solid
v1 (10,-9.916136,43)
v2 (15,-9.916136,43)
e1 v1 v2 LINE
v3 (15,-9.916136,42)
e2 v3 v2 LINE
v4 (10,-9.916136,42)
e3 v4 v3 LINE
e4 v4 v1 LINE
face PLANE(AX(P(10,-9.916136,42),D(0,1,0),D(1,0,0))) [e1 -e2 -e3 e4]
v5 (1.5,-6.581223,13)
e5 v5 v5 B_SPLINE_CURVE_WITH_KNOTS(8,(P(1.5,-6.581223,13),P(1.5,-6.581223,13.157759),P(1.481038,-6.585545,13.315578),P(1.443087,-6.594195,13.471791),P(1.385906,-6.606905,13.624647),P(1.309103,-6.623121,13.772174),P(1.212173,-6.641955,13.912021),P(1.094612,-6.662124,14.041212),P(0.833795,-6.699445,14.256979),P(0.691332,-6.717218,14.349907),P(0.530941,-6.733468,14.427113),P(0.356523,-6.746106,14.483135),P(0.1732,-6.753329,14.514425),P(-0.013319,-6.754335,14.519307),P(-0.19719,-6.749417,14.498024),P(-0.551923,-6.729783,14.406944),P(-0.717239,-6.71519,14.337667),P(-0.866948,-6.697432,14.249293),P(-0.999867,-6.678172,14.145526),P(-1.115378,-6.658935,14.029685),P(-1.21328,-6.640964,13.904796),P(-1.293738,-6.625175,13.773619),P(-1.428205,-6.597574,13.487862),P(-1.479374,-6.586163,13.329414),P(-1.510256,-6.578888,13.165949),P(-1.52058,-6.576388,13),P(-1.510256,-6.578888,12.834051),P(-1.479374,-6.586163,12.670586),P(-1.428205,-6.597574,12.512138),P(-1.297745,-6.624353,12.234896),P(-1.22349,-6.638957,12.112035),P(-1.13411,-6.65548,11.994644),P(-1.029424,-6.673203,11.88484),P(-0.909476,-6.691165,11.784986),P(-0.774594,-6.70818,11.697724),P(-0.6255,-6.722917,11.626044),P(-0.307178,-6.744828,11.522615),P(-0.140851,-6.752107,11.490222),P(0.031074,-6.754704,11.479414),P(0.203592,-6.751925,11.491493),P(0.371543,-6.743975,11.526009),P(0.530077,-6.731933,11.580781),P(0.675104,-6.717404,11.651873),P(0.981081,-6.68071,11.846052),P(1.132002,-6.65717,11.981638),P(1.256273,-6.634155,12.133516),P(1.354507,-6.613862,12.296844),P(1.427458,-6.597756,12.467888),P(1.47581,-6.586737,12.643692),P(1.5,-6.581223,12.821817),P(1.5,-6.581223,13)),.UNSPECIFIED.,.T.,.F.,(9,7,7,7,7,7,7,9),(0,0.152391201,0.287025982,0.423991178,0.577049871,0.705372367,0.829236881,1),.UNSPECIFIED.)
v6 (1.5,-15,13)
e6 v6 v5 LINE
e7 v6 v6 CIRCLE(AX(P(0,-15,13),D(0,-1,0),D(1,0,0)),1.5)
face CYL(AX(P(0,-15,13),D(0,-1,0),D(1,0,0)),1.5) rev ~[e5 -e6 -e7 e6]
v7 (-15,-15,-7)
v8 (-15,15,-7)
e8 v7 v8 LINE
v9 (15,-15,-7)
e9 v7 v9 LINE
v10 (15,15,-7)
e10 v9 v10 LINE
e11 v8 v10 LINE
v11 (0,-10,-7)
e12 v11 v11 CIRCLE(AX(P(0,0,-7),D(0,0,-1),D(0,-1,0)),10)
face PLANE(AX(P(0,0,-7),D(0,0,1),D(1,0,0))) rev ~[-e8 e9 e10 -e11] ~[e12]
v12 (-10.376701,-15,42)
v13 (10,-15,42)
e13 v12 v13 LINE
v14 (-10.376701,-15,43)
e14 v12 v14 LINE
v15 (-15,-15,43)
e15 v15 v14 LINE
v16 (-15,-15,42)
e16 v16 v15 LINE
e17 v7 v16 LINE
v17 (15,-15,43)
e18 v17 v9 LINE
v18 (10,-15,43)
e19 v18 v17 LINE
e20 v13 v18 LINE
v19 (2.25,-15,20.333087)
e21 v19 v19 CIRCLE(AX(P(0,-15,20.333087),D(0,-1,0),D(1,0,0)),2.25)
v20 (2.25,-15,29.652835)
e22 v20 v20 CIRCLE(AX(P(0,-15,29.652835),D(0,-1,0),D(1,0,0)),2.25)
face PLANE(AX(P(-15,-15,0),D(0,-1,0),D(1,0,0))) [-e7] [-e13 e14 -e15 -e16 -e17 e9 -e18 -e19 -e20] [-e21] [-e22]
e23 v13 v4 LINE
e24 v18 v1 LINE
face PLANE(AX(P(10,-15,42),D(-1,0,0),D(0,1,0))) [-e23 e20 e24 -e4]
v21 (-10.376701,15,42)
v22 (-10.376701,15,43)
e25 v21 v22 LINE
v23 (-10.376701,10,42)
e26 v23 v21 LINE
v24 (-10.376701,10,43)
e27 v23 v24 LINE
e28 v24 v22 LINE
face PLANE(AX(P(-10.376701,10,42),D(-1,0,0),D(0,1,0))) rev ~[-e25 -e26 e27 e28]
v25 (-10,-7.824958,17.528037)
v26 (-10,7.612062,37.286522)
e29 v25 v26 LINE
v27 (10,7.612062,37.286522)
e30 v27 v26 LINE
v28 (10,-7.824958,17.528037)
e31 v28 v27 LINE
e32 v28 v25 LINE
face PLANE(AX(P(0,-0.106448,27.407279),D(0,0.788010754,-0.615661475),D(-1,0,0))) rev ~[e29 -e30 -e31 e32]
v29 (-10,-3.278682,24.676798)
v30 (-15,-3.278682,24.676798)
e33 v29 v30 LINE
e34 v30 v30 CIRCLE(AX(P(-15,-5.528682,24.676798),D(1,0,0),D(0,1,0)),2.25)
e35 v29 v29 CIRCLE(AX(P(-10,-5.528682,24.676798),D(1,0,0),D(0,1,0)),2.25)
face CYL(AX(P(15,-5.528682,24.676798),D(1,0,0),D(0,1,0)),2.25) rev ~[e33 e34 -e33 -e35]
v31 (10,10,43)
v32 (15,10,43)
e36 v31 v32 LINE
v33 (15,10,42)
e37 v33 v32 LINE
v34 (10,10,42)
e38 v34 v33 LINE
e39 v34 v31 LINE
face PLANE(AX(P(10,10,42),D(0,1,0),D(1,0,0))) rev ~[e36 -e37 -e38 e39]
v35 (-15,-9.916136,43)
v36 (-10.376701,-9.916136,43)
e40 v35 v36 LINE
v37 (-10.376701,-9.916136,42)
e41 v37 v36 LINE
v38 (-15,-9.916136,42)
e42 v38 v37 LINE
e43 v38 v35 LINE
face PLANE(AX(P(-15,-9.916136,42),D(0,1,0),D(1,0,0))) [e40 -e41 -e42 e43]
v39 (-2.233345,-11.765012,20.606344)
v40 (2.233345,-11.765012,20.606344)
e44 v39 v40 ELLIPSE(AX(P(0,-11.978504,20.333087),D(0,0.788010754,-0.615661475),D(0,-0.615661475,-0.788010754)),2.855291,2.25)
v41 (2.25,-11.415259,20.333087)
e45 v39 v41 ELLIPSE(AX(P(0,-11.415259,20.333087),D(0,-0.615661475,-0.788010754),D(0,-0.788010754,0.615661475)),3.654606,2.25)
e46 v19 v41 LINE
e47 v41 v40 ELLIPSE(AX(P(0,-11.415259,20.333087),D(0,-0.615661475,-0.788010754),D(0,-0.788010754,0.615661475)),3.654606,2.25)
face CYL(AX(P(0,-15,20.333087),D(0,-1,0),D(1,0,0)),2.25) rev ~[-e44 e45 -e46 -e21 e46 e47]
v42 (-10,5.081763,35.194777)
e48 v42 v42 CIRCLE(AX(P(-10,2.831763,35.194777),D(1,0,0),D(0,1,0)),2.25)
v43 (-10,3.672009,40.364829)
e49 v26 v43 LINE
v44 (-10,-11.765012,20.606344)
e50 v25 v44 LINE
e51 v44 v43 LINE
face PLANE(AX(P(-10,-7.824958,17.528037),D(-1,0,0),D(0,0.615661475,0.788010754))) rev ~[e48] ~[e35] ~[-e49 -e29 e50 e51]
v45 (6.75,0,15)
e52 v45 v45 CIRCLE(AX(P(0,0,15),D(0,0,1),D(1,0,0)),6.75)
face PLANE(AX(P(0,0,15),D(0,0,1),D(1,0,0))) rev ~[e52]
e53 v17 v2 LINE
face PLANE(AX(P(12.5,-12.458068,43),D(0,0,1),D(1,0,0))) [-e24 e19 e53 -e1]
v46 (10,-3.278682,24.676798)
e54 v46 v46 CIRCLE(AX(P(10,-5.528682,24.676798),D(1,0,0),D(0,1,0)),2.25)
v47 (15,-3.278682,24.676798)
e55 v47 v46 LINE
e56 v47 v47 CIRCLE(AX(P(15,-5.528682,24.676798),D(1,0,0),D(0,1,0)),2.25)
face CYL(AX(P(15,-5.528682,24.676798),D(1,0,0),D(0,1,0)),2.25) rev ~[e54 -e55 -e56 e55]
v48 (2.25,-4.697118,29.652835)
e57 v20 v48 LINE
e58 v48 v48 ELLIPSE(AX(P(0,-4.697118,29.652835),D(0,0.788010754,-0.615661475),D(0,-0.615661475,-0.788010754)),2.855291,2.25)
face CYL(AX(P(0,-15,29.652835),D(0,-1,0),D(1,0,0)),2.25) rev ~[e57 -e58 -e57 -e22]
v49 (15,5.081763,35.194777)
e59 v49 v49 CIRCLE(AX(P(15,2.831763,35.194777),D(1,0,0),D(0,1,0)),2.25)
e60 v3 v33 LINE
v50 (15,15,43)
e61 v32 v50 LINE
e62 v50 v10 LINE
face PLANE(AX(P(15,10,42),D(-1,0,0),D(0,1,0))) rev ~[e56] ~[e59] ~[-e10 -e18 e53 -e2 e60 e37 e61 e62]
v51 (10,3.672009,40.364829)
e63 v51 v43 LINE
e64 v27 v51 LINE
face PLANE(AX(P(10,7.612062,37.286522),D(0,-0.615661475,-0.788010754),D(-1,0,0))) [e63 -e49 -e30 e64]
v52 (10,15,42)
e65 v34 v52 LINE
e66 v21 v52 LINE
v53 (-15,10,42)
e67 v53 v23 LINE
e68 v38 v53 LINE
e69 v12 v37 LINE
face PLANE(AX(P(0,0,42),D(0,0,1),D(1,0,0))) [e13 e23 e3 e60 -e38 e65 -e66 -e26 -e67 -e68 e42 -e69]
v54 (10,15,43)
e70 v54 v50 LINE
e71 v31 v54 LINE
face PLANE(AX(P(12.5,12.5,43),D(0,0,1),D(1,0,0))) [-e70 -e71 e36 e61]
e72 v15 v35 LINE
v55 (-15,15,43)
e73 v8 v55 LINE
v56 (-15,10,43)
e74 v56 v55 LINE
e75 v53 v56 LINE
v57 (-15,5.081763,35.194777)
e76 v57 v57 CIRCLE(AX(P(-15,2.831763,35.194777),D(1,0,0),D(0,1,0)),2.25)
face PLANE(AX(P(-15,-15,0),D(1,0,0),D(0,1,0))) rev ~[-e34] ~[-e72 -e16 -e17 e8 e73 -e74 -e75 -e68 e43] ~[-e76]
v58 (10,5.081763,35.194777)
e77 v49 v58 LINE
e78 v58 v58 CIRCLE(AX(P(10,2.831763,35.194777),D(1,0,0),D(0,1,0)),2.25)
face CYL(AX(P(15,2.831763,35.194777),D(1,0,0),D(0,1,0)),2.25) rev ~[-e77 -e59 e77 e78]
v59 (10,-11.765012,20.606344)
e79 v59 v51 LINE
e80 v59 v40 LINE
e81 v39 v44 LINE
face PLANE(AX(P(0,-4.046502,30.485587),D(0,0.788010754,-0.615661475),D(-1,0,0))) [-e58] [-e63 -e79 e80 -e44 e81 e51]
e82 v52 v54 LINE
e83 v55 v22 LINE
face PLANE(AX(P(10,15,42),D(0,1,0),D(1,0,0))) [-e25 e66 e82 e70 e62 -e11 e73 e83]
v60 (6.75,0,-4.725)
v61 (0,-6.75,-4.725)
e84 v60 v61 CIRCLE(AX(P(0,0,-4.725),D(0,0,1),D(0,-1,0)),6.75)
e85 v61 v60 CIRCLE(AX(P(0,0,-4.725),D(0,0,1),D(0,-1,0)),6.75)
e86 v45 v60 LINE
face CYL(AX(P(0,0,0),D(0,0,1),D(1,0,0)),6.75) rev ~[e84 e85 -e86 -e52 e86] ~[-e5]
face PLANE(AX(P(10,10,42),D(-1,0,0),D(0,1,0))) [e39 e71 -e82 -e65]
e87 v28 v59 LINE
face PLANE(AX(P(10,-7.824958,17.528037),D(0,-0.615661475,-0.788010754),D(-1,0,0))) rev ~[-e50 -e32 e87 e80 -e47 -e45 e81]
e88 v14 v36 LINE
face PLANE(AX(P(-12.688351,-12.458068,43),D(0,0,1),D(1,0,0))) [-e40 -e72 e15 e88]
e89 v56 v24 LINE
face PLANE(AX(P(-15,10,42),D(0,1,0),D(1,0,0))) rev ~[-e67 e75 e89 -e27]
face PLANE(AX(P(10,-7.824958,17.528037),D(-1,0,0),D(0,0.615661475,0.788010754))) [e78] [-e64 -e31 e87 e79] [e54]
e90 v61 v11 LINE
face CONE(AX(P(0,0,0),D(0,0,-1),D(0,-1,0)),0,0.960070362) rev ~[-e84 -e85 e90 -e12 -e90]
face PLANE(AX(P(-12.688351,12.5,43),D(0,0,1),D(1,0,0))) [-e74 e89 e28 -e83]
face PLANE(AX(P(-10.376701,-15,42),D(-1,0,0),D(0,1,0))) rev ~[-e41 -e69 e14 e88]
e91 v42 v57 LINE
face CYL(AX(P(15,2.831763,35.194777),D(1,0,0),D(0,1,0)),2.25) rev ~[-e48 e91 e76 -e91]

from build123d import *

# Parameters (mm, degrees)
F0_W          = 30
F0_H          = 30
F1_DEPTH      = 42
F1_DEPTH_BACK = 7
F2_R          = 6.75
F3_DEPTH      = 15
F3_DEPTH_BACK = 7
F6_W          = 20
F6_H          = 25.0738771936
F7_DEPTH      = 5
F9_R          = 2.25
F10_DEPTH     = 50
F12_R         = 2.25
F13_DEPTH     = 7
F14_R         = 2.25
F15_DEPTH     = 14
F16_W         = 5
F16_H         = 5
F16_H_2       = 5.0838639587
F16_W_2       = 4.6232988685
F17_DEPTH     = 1
F18_R         = 1.5
F19_DEPTH     = 8.4197768095


with BuildPart() as f1:
    # F0 (on Top) → F1 (new body, two sides)
    with BuildSketch(Plane.XY) as f1_sk:
        Rectangle(F0_W, F0_H)
    extrude(amount=F1_DEPTH)
    extrude(f1_sk.sketch, amount=-F1_DEPTH_BACK)

    # F2 (on Top) → F3 (cut, two sides)
    with BuildSketch(Plane.XY) as f3_sk:
        Circle(F2_R)
    extrude(amount=F3_DEPTH, mode=Mode.SUBTRACT)
    extrude(f3_sk.sketch, amount=-F3_DEPTH_BACK, mode=Mode.SUBTRACT)

    # F6 (on face) → F7 (cut)
    with BuildSketch(Plane(origin=(0, -13.3626828422, 10.4400720362), x_dir=(-1, 0, 0), z_dir=(0, 0.7880107536, -0.6156614753))):
        with Locations((0, 21.5316948633)):
            Rectangle(F6_W, F6_H)
    extrude(amount=-F7_DEPTH, mode=Mode.SUBTRACT)

    # F9 (on offset) → F10 (cut)
    with BuildSketch(Plane.YZ.offset(15)):
        with Locations((-5.5286819115, 24.6767979115)):
            Circle(F9_R)
        with Locations((2.8317631222, 35.1947769523)):
            Circle(F9_R)
    extrude(amount=-F10_DEPTH, mode=Mode.SUBTRACT)

    # F12 (on offset) → F13 (cut)
    with BuildSketch(Plane.XZ.offset(15)):
        with Locations((0, 20.3330869851)):
            Circle(F12_R)
    extrude(amount=-F13_DEPTH, mode=Mode.SUBTRACT)

    # F14 (on offset) → F15 (cut)
    with BuildSketch(Plane.XZ.offset(15)):
        with Locations((0, 29.6528354788)):
            Circle(F14_R)
    extrude(amount=-F15_DEPTH, mode=Mode.SUBTRACT)

    # F16 (on face) → F17 (join)
    with BuildSketch(Plane.XY.offset(42)):
        with Locations((12.5, 12.5)):
            Rectangle(F16_W, F16_H)
        with Locations((12.5, -12.4580680206)):
            Rectangle(F16_W, F16_H_2)
        with Locations((-12.6883505657, -12.4580680206)):
            Rectangle(F16_W_2, F16_H_2)
        with Locations((-12.6883505657, 12.5)):
            Rectangle(F16_W_2, F16_H)
    extrude(amount=F17_DEPTH)

    # F18 (on face) → F19 (cut, through all)
    with BuildSketch(Plane.XZ.offset(15)):
        with Locations((0, 13)):
            Circle(F18_R)
    extrude(amount=-F19_DEPTH, mode=Mode.SUBTRACT)

    # F20 (on Right) → F21 (revolve, cut)
    with BuildSketch(Plane.YZ):
        Polygon((0, -7), (0, 0), (-10, -7), align=None)
    revolve(axis=Axis((0, 0, -3.5), (0, 0, -1)), mode=Mode.SUBTRACT)


solid = f1.part
